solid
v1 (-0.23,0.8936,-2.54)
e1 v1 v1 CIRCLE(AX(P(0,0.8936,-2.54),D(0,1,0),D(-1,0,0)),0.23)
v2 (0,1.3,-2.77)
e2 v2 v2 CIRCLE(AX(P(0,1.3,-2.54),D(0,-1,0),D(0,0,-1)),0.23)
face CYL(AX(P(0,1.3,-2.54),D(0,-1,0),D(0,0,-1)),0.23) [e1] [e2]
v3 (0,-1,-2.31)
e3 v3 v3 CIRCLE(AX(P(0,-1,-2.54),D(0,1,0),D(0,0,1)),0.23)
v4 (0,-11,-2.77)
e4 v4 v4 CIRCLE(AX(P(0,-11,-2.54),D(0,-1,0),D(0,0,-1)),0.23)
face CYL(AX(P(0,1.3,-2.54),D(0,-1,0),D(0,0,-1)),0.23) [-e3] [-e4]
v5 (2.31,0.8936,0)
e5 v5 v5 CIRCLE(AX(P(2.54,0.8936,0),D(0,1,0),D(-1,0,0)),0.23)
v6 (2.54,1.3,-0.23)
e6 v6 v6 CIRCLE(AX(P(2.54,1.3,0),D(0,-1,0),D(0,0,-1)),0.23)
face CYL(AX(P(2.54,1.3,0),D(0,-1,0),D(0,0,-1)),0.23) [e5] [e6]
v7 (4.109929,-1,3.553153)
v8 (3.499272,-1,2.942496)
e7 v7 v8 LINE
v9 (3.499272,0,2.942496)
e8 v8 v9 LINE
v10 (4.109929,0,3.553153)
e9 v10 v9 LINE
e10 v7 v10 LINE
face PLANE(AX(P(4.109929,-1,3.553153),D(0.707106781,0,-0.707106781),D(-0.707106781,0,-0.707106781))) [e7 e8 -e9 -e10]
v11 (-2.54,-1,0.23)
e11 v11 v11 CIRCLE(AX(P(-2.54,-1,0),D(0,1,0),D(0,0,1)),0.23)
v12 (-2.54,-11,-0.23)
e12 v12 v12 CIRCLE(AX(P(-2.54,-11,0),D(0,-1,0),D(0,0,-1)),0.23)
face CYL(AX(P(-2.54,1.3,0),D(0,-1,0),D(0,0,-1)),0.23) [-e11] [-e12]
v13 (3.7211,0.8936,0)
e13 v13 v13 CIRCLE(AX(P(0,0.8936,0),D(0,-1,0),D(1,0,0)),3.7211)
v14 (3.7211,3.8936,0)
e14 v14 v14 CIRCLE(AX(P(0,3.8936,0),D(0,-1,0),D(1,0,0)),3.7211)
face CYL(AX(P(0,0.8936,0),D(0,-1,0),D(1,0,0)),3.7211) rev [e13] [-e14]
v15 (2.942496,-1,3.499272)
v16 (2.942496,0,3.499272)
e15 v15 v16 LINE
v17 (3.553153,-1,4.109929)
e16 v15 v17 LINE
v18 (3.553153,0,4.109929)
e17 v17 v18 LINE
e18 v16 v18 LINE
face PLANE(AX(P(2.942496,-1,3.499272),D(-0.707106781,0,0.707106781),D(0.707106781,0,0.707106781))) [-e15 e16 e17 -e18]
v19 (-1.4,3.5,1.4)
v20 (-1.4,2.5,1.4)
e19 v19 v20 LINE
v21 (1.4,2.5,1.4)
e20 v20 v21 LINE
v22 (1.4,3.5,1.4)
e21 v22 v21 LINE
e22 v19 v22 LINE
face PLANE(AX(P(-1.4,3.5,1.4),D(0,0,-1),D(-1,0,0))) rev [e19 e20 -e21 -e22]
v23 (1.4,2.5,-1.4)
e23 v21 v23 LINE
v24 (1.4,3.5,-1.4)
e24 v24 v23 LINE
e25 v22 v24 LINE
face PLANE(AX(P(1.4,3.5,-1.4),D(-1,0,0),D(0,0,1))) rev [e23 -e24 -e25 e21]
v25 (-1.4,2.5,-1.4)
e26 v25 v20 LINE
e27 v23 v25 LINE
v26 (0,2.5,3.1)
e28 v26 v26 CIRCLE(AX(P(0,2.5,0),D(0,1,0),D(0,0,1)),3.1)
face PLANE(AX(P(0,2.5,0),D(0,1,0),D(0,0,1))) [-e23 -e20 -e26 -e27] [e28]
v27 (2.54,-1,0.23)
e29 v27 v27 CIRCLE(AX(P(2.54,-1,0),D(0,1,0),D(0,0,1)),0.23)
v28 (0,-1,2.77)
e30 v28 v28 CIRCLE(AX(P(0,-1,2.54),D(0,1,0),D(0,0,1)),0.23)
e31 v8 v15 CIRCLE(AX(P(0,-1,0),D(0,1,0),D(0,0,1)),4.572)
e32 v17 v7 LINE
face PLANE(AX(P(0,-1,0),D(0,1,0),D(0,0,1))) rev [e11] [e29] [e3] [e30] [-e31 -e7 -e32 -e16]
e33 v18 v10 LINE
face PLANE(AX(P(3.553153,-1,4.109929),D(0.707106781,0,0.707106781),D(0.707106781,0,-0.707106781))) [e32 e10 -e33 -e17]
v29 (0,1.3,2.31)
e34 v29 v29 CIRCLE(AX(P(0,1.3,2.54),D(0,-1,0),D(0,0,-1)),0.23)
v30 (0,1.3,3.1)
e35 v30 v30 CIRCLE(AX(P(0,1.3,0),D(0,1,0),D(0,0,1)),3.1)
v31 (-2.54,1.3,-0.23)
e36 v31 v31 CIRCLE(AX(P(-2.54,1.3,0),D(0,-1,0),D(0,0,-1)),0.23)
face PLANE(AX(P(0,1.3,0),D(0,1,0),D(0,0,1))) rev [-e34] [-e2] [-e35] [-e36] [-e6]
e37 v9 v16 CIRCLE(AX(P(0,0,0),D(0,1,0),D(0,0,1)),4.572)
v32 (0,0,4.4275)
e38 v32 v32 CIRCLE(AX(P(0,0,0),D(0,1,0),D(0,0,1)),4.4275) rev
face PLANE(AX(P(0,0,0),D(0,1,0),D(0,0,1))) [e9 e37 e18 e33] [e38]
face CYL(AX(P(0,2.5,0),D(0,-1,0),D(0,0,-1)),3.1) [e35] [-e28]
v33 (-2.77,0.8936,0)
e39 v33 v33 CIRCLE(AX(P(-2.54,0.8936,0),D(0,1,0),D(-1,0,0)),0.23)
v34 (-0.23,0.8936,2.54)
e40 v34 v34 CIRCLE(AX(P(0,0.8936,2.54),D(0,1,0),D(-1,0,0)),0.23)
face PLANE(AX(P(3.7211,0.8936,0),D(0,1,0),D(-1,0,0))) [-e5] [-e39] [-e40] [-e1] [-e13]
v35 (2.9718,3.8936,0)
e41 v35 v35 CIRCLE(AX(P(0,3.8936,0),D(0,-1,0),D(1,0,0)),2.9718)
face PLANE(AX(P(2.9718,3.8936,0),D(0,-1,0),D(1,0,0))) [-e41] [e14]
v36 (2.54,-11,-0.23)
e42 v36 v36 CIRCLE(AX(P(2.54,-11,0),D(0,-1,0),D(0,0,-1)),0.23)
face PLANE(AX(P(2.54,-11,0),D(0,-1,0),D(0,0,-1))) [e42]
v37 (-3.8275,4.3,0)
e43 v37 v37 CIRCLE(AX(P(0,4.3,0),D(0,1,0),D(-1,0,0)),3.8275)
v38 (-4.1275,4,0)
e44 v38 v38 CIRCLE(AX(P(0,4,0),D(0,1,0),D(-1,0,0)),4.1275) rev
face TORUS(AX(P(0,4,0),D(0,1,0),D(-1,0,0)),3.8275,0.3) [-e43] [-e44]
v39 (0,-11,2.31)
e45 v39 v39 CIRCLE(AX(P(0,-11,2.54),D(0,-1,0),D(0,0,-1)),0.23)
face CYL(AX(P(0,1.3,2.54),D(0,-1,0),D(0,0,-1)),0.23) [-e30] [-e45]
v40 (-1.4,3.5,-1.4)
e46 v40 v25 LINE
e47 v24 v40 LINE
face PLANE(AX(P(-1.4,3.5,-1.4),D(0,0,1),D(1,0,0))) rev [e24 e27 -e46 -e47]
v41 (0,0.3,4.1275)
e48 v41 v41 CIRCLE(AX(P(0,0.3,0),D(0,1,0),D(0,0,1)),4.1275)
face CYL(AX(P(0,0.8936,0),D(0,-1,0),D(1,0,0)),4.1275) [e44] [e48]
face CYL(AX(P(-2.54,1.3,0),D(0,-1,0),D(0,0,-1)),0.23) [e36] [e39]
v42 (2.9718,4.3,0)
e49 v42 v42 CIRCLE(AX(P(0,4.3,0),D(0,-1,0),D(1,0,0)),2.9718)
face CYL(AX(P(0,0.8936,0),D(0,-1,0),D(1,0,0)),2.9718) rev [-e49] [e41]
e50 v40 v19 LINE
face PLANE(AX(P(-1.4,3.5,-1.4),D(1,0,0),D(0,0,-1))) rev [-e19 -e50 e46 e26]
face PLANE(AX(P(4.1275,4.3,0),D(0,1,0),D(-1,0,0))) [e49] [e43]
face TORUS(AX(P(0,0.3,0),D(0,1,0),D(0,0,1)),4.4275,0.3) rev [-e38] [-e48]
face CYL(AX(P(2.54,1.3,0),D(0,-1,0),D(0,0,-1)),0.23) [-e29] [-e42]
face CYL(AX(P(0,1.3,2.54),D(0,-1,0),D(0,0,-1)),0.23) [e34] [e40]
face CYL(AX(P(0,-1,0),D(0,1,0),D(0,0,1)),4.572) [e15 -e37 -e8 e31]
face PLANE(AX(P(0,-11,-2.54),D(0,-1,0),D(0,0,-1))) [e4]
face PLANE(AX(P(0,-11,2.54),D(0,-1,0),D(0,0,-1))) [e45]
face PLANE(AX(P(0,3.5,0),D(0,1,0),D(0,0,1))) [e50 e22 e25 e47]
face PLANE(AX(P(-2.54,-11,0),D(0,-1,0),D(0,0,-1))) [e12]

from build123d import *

# Parameters (mm, degrees)
BOSS_EXTRUDE1_DEPTH      = 1
FILLET1_R                = 0.3
BOSS_EXTRUDE2_DEPTH      = 10
BOSS_EXTRUDE2_DEPTH_BACK = 2.3
SKETCH6_R                = 0.23
SKETCH_2_R               = 3.1
EXTRUDE_1_DEPTH          = 1.2
SKETCH_3_W               = 2.8
SKETCH_3_H               = 2.8
EXTRUDE_2_DEPTH          = 1


with BuildPart() as part:
    # Sketch1 → Boss-Extrude1 (new body)
    with BuildSketch(Plane(origin=(0, 0, 0), x_dir=(1, 0, 0), z_dir=(0, 1, 0))):
        with BuildLine():
            Line((2.942495814, -3.499271693), (3.55315323, -4.10992911))
            Line((3.55315323, -4.10992911), (4.10992911, -3.55315323))
            Line((4.10992911, -3.55315323), (3.499271693, -2.942495814))
            ThreePointArc((3.499271693, -2.942495814), (-3.232892204, 3.232892204), (2.942495814, -3.499271693))
        make_face()
    extrude(amount=-BOSS_EXTRUDE1_DEPTH)

    # Sketch5 → Revolve4 (revolve)
    with BuildSketch(Plane.XY):
        Polygon((4.1275, 4.3), (2.9718, 4.3), (2.9718, 3.8936), (3.7211, 3.8936), (3.7211, 0.8936), (0, 0.8936), (0, 0), (4.1275, 0), align=None)
    revolve(axis=Axis((0, 0.8936, 0), (0, -1, 0)))

    # Fillet1
    fillet1_edges = [part.edges().sort_by_distance(p)[0] for p in [
        (-4.1275, 0, 0),
        (-4.1275, 4.3, 0),
    ]]
    fillet(fillet1_edges, radius=FILLET1_R)

    # Sketch6 → Boss-Extrude2 (add, two sides: drawn at the far end of the back side and taken through both)
    with BuildSketch(Plane.XZ.offset(1).offset(-BOSS_EXTRUDE2_DEPTH_BACK)):
        with Locations(Location((0, -2.54, 0), (0, 0, 270))):
            Circle(SKETCH6_R)
        with Locations(Location((-2.54, 0, 0), (0, 0, 270))):
            Circle(SKETCH6_R)
        with Locations(Location((0, 2.54, 0), (0, 0, 270))):
            Circle(SKETCH6_R)
        with Locations(Location((2.54, 0, 0), (0, 0, 270))):
            Circle(SKETCH6_R)
    extrude(amount=BOSS_EXTRUDE2_DEPTH + BOSS_EXTRUDE2_DEPTH_BACK)

    # Эскиз2 → Бобышка-Вытянуть1 (add)
    with BuildSketch(Plane(origin=(0, 1.3, 0), x_dir=(1, 0, 0), z_dir=(0, 1, 0))):
        with Locations(Location((0, 0, 0), (0, 0, 270))):
            Circle(SKETCH_2_R)
    extrude(amount=EXTRUDE_1_DEPTH)

    # Эскиз3 → Бобышка-Вытянуть2 (add)
    with BuildSketch(Plane(origin=(0, 2.5, 0), x_dir=(1, 0, 0), z_dir=(0, 1, 0))):
        Rectangle(SKETCH_3_W, SKETCH_3_H)
    extrude(amount=EXTRUDE_2_DEPTH)


solid = part.part
